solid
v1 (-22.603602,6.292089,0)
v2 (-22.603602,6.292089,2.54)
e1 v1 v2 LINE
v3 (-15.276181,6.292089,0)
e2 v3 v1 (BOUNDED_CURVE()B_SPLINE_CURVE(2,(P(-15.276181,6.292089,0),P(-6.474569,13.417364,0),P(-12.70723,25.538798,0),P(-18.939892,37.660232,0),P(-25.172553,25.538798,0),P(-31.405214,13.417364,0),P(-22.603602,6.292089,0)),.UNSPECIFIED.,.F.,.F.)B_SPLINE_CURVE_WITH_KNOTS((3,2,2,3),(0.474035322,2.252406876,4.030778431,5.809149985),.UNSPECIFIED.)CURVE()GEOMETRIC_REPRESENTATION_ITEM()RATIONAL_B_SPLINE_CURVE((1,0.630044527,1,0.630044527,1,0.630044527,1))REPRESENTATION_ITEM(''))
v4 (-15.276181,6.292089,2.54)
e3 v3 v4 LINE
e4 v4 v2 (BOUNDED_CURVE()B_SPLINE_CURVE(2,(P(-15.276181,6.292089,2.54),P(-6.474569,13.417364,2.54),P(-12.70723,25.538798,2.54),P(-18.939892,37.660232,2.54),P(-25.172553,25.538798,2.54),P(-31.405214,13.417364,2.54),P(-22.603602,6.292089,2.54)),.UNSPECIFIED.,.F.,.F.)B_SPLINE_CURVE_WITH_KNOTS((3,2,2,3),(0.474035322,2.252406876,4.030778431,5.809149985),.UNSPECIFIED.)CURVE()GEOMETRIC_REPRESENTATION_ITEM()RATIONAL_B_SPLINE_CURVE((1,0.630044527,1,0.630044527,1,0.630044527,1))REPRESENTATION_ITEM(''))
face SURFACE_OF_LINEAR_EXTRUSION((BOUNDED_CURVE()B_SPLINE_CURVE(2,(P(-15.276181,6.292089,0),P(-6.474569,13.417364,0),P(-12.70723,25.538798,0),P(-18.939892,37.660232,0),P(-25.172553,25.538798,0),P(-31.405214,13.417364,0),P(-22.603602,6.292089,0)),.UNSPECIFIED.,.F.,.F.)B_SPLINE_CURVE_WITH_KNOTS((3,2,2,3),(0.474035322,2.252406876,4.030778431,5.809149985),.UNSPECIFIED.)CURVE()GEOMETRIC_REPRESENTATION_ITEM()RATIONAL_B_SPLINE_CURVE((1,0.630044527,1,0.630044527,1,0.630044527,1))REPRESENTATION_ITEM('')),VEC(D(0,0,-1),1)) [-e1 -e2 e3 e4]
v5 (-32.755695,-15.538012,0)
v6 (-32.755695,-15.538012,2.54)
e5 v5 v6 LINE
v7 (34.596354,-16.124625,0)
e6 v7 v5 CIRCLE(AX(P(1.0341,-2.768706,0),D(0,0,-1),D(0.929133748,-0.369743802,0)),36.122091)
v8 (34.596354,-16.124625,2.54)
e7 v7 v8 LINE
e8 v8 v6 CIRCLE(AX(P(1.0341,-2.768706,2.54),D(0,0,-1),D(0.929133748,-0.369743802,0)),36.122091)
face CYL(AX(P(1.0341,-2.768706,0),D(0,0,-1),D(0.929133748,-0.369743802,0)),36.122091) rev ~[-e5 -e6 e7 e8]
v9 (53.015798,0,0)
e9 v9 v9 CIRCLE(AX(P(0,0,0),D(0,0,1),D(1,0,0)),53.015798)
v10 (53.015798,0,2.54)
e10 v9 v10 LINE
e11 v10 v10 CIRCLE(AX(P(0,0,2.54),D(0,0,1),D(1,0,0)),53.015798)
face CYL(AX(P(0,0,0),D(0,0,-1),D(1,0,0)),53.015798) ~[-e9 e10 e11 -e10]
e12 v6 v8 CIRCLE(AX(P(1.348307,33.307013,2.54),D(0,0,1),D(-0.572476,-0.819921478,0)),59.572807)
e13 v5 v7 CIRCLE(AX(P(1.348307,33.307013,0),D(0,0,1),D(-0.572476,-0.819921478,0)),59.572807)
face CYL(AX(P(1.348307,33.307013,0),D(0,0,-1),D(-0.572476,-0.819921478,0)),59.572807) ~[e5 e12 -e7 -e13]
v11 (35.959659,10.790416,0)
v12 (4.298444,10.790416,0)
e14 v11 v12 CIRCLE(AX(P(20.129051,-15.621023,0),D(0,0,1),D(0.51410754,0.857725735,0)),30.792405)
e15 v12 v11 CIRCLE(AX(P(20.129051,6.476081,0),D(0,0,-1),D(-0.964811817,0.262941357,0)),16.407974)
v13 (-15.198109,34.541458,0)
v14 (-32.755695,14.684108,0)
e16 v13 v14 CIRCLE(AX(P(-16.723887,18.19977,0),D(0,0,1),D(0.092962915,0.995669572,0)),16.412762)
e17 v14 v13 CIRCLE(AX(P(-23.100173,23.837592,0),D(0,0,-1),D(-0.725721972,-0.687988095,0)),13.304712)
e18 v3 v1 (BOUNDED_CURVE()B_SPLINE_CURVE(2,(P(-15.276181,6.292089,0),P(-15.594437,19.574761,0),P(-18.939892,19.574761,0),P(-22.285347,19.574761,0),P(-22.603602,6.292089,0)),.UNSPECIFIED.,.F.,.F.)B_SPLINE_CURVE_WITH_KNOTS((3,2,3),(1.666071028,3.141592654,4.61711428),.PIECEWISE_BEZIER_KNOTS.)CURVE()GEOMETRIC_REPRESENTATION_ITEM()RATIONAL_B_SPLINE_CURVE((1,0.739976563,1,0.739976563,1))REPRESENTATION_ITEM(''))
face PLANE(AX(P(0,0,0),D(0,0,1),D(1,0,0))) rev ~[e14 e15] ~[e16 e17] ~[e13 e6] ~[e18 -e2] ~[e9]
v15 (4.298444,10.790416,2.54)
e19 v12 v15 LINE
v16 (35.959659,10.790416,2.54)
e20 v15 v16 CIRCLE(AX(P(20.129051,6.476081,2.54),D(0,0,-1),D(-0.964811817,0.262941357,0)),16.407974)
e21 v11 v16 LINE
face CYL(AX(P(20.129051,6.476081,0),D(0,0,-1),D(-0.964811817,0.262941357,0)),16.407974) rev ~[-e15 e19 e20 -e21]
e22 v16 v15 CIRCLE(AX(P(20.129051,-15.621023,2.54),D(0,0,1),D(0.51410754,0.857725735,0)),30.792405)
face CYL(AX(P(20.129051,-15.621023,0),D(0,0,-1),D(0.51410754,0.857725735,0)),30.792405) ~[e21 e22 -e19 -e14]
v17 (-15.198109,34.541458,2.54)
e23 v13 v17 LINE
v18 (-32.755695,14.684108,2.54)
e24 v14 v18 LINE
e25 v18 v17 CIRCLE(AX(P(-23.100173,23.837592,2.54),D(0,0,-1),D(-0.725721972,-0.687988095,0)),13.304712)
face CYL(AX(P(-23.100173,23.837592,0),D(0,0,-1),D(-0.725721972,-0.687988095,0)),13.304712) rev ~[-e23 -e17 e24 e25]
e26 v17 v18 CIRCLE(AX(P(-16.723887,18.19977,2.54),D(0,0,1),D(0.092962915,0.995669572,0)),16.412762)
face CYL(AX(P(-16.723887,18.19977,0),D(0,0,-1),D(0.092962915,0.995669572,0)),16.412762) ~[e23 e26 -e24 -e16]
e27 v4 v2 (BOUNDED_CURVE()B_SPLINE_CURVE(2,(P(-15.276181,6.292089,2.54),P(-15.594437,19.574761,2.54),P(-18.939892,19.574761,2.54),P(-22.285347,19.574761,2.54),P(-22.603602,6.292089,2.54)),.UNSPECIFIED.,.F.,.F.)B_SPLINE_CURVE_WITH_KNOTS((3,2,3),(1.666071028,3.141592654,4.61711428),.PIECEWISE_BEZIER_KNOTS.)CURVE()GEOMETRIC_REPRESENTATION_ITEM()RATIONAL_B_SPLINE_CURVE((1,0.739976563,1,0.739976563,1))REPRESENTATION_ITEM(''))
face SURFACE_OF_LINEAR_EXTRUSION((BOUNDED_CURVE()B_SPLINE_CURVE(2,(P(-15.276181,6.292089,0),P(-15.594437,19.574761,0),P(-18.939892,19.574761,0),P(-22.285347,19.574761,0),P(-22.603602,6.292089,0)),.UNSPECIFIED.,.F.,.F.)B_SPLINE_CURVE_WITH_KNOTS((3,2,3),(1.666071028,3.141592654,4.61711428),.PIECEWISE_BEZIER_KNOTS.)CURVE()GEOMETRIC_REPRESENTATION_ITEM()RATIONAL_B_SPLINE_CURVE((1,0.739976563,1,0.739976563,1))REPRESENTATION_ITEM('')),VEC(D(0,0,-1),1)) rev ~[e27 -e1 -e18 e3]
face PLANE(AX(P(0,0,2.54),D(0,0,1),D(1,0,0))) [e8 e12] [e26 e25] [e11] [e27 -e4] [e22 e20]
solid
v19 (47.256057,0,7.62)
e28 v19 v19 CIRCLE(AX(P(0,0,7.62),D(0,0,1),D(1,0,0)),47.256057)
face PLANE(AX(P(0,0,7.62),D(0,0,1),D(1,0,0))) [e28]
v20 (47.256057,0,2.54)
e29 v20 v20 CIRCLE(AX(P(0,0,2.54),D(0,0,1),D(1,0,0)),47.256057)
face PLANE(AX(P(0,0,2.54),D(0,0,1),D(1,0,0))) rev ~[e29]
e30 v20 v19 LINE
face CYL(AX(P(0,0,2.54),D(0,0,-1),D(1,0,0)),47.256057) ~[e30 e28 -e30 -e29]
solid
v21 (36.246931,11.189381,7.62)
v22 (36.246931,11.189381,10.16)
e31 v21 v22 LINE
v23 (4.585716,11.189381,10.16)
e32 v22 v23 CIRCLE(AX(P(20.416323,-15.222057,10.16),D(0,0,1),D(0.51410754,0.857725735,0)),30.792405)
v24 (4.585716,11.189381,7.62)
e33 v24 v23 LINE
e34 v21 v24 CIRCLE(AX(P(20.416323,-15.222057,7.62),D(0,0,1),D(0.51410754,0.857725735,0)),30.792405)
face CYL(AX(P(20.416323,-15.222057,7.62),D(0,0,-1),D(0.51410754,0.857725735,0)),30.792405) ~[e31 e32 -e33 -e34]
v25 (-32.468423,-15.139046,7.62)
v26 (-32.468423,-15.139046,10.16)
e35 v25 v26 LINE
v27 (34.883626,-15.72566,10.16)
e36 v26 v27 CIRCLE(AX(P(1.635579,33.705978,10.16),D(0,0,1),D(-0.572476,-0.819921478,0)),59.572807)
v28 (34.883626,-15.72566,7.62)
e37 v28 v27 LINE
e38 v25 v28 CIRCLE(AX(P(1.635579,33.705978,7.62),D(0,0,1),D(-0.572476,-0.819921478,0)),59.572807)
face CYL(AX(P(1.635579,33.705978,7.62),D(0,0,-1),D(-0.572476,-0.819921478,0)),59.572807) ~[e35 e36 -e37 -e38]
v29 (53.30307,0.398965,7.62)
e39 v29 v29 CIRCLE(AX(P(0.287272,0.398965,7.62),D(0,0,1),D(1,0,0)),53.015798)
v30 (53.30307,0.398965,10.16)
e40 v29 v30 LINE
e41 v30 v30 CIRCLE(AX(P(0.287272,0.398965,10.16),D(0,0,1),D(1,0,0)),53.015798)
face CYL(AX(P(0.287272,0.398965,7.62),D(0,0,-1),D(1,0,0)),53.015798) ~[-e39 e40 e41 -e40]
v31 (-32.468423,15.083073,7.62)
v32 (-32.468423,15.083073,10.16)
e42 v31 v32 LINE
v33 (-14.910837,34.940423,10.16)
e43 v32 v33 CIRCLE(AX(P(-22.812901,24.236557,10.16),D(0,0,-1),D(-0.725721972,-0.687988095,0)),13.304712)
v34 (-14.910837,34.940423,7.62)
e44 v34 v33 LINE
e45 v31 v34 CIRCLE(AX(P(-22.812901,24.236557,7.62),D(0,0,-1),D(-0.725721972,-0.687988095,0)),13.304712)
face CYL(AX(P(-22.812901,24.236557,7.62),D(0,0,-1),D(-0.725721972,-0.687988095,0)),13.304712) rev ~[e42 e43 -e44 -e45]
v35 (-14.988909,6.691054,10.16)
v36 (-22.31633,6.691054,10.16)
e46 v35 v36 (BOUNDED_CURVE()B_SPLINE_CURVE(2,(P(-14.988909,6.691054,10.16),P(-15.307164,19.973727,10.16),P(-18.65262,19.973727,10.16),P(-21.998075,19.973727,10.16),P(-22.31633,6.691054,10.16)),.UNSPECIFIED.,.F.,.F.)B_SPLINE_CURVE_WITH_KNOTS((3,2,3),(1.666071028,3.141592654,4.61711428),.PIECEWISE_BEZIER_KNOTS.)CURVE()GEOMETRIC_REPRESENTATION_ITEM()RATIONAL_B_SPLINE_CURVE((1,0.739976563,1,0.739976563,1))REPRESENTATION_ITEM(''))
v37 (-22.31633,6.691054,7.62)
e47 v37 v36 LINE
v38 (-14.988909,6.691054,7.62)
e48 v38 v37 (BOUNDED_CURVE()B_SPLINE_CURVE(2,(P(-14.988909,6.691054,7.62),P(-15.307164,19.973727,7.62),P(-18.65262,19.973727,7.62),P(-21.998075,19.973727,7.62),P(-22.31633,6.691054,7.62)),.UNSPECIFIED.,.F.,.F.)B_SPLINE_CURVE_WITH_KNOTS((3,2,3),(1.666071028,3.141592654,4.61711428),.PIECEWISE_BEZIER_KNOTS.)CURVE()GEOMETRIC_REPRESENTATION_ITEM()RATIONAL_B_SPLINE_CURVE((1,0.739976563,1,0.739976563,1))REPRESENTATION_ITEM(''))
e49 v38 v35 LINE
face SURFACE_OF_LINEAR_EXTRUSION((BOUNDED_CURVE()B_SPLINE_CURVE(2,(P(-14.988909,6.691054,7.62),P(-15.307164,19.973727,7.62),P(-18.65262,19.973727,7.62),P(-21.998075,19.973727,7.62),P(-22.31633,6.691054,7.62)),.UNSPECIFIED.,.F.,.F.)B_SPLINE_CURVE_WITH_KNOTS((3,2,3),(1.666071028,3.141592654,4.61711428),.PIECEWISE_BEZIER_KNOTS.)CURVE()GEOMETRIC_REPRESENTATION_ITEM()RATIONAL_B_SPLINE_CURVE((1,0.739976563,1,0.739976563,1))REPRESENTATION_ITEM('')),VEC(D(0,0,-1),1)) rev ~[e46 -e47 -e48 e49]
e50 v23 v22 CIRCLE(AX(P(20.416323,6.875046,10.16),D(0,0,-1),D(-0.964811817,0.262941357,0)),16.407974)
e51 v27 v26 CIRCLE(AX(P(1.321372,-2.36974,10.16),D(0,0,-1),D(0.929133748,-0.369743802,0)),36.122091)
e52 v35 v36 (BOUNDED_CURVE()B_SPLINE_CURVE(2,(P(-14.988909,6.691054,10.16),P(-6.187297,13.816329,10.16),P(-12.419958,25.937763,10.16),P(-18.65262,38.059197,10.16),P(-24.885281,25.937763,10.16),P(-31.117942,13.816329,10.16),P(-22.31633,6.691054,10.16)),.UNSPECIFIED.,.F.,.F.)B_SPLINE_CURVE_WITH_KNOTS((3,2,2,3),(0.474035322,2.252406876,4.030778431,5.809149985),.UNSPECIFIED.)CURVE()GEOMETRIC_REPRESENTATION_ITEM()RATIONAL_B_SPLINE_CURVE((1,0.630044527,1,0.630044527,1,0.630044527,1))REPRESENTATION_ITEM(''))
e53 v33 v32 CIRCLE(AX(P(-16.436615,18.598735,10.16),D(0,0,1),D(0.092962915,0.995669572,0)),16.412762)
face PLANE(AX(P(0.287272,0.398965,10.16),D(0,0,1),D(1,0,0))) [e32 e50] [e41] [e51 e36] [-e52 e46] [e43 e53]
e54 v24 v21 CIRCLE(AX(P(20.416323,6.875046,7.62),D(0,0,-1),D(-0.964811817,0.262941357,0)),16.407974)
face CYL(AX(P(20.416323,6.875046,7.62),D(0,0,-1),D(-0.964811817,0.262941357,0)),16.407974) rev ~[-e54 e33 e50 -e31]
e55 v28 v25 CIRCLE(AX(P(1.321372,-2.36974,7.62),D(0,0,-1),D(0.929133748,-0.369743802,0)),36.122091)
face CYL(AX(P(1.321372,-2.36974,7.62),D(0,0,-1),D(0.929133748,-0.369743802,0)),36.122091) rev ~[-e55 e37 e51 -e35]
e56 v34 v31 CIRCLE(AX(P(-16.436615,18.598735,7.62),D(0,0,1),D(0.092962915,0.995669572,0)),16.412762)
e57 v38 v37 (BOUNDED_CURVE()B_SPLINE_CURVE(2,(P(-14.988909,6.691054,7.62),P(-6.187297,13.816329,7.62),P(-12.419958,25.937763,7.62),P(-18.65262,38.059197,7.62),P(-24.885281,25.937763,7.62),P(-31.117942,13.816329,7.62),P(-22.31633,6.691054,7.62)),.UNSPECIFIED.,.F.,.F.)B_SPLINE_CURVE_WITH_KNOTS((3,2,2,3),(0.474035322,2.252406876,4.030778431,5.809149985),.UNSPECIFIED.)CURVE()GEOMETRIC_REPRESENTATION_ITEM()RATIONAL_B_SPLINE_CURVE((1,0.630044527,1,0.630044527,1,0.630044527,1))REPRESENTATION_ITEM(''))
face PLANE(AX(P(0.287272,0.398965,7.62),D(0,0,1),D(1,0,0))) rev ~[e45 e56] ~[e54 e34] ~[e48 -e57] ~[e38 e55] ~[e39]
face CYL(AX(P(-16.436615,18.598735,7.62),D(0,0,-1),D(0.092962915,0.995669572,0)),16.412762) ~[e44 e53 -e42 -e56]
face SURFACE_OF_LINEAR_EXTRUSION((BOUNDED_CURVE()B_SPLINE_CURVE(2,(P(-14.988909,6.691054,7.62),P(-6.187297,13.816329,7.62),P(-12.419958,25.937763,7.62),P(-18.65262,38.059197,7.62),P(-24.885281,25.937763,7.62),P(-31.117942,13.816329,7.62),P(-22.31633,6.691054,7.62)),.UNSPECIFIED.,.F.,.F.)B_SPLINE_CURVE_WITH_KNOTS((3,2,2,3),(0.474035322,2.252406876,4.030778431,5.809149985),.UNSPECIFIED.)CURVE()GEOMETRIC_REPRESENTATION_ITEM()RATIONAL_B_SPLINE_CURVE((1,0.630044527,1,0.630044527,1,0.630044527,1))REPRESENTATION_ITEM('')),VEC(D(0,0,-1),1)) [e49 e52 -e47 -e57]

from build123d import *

# Parameters (mm, degrees)
F0_R     = 53.0157982363
F1_DEPTH = 2.54
F2_R     = 47.2560567117
F3_DEPTH = 5.08
F4_R     = 53.0157982363
F5_DEPTH = 2.54


with BuildPart() as f1:
    # F0 (on Top) → F1 (new body)
    with BuildSketch(Plane.XY):
        Circle(F0_R)
        with BuildLine():
            ThreePointArc((34.5963537693, -16.124624759), (0.7195010855, -38.8894264346), (-32.7556952834, -15.5380116776))
            ThreePointArc((-32.7556952834, -15.5380116776), (0.8294682353, -26.2635353639), (34.5963537693, -16.124624759))
        make_face(mode=Mode.SUBTRACT)
        with BuildLine():
            add(Edge.make_bspline(
                [(-15.2761812583, 6.2920888366), (-6.4745691616, 13.4173637556), (-12.7072304958, 25.5387976443), (-18.9398918301, 37.660231533), (-25.1725531643, 25.5387976443), (-31.4052144986, 13.4173637556), (-22.6036024019, 6.2920888366)],
                knots=[0.474035322, 0.474035322, 0.474035322, 2.2524068764, 2.2524068764, 4.0307784308, 4.0307784308, 5.8091499851, 5.8091499851, 5.8091499851], degree=2, weights=[1, 0.6300445274, 1, 0.6300445274, 1, 0.6300445274, 1]))
            add(Edge.make_bspline(
                [(-15.2761812583, 6.2920888366), (-15.5944365201, 19.5747613907), (-18.9398918301, 19.5747613907), (-22.2853471401, 19.5747613907), (-22.6036024019, 6.2920888366)],
                knots=[1.6660710276, 1.6660710276, 1.6660710276, 3.1415926536, 3.1415926536, 4.6171142796, 4.6171142796, 4.6171142796], degree=2, weights=[1, 0.7399765629, 1, 0.7399765629, 1]))
        make_face(mode=Mode.SUBTRACT)
        with BuildLine():
            ThreePointArc((-32.7556952834, 14.6841080859), (-33.0674816797, 32.6505443622), (-15.1981087402, 34.5414578915))
            ThreePointArc((-15.1981087402, 34.5414578915), (-29.0196103006, 29.0714740054), (-32.7556952834, 14.6841080859))
        make_face(mode=Mode.SUBTRACT)
        with BuildLine():
            ThreePointArc((4.2984438121, 10.7904156464), (20.1290514312, 22.8840550051), (35.9596590504, 10.7904156464))
            ThreePointArc((35.9596590504, 10.7904156464), (20.1290514312, 15.1713824312), (4.2984438121, 10.7904156464))
        make_face(mode=Mode.SUBTRACT)
    extrude(amount=F1_DEPTH)


with BuildPart() as f3:
    # F2 (on face) → F3 (new body)
    with BuildSketch(Plane.XY.offset(2.54)):
        Circle(F2_R)
    extrude(amount=F3_DEPTH)


with BuildPart() as f5:
    # F4 (on face) → F5 (new body)
    with BuildSketch(Plane.XY.offset(7.62)):
        with Locations((0.2872720361, 0.3989652069)):
            Circle(F4_R)
        with BuildLine():
            ThreePointArc((34.8836258054, -15.7256595521), (1.0067731216, -38.4904612278), (-32.4684232473, -15.1390464707))
            ThreePointArc((-32.4684232473, -15.1390464707), (1.1167402714, -25.864570157), (34.8836258054, -15.7256595521))
        make_face(mode=Mode.SUBTRACT)
        with BuildLine():
            add(Edge.make_bspline(
                [(-14.9889092222, 6.6910540435), (-6.1872971255, 13.8163289625), (-12.4199584598, 25.9377628512), (-18.652619794, 38.0591967398), (-24.8852811283, 25.9377628512), (-31.1179424625, 13.8163289625), (-22.3163303658, 6.6910540435)],
                knots=[0.474035322, 0.474035322, 0.474035322, 2.2524068764, 2.2524068764, 4.0307784308, 4.0307784308, 5.8091499851, 5.8091499851, 5.8091499851], degree=2, weights=[1, 0.6300445274, 1, 0.6300445274, 1, 0.6300445274, 1]))
            add(Edge.make_bspline(
                [(-14.9889092222, 6.6910540435), (-15.307164484, 19.9737265975), (-18.652619794, 19.9737265975), (-21.998075104, 19.9737265975), (-22.3163303658, 6.6910540435)],
                knots=[1.6660710276, 1.6660710276, 1.6660710276, 3.1415926536, 3.1415926536, 4.6171142796, 4.6171142796, 4.6171142796], degree=2, weights=[1, 0.7399765629, 1, 0.7399765629, 1]))
        make_face(mode=Mode.SUBTRACT)
        with BuildLine():
            ThreePointArc((-32.4684232473, 15.0830732928), (-32.7802096436, 33.0495095691), (-14.9108367041, 34.9404230983))
            ThreePointArc((-14.9108367041, 34.9404230983), (-28.7323382645, 29.4704392122), (-32.4684232473, 15.0830732928))
        make_face(mode=Mode.SUBTRACT)
        with BuildLine():
            ThreePointArc((4.5857158482, 11.1893808532), (20.4163234673, 23.283020212), (36.2469310864, 11.1893808532))
            ThreePointArc((36.2469310864, 11.1893808532), (20.4163234673, 15.570347638), (4.5857158482, 11.1893808532))
        make_face(mode=Mode.SUBTRACT)
    extrude(amount=F5_DEPTH)


solid = Compound([f1.part, f3.part, f5.part])
